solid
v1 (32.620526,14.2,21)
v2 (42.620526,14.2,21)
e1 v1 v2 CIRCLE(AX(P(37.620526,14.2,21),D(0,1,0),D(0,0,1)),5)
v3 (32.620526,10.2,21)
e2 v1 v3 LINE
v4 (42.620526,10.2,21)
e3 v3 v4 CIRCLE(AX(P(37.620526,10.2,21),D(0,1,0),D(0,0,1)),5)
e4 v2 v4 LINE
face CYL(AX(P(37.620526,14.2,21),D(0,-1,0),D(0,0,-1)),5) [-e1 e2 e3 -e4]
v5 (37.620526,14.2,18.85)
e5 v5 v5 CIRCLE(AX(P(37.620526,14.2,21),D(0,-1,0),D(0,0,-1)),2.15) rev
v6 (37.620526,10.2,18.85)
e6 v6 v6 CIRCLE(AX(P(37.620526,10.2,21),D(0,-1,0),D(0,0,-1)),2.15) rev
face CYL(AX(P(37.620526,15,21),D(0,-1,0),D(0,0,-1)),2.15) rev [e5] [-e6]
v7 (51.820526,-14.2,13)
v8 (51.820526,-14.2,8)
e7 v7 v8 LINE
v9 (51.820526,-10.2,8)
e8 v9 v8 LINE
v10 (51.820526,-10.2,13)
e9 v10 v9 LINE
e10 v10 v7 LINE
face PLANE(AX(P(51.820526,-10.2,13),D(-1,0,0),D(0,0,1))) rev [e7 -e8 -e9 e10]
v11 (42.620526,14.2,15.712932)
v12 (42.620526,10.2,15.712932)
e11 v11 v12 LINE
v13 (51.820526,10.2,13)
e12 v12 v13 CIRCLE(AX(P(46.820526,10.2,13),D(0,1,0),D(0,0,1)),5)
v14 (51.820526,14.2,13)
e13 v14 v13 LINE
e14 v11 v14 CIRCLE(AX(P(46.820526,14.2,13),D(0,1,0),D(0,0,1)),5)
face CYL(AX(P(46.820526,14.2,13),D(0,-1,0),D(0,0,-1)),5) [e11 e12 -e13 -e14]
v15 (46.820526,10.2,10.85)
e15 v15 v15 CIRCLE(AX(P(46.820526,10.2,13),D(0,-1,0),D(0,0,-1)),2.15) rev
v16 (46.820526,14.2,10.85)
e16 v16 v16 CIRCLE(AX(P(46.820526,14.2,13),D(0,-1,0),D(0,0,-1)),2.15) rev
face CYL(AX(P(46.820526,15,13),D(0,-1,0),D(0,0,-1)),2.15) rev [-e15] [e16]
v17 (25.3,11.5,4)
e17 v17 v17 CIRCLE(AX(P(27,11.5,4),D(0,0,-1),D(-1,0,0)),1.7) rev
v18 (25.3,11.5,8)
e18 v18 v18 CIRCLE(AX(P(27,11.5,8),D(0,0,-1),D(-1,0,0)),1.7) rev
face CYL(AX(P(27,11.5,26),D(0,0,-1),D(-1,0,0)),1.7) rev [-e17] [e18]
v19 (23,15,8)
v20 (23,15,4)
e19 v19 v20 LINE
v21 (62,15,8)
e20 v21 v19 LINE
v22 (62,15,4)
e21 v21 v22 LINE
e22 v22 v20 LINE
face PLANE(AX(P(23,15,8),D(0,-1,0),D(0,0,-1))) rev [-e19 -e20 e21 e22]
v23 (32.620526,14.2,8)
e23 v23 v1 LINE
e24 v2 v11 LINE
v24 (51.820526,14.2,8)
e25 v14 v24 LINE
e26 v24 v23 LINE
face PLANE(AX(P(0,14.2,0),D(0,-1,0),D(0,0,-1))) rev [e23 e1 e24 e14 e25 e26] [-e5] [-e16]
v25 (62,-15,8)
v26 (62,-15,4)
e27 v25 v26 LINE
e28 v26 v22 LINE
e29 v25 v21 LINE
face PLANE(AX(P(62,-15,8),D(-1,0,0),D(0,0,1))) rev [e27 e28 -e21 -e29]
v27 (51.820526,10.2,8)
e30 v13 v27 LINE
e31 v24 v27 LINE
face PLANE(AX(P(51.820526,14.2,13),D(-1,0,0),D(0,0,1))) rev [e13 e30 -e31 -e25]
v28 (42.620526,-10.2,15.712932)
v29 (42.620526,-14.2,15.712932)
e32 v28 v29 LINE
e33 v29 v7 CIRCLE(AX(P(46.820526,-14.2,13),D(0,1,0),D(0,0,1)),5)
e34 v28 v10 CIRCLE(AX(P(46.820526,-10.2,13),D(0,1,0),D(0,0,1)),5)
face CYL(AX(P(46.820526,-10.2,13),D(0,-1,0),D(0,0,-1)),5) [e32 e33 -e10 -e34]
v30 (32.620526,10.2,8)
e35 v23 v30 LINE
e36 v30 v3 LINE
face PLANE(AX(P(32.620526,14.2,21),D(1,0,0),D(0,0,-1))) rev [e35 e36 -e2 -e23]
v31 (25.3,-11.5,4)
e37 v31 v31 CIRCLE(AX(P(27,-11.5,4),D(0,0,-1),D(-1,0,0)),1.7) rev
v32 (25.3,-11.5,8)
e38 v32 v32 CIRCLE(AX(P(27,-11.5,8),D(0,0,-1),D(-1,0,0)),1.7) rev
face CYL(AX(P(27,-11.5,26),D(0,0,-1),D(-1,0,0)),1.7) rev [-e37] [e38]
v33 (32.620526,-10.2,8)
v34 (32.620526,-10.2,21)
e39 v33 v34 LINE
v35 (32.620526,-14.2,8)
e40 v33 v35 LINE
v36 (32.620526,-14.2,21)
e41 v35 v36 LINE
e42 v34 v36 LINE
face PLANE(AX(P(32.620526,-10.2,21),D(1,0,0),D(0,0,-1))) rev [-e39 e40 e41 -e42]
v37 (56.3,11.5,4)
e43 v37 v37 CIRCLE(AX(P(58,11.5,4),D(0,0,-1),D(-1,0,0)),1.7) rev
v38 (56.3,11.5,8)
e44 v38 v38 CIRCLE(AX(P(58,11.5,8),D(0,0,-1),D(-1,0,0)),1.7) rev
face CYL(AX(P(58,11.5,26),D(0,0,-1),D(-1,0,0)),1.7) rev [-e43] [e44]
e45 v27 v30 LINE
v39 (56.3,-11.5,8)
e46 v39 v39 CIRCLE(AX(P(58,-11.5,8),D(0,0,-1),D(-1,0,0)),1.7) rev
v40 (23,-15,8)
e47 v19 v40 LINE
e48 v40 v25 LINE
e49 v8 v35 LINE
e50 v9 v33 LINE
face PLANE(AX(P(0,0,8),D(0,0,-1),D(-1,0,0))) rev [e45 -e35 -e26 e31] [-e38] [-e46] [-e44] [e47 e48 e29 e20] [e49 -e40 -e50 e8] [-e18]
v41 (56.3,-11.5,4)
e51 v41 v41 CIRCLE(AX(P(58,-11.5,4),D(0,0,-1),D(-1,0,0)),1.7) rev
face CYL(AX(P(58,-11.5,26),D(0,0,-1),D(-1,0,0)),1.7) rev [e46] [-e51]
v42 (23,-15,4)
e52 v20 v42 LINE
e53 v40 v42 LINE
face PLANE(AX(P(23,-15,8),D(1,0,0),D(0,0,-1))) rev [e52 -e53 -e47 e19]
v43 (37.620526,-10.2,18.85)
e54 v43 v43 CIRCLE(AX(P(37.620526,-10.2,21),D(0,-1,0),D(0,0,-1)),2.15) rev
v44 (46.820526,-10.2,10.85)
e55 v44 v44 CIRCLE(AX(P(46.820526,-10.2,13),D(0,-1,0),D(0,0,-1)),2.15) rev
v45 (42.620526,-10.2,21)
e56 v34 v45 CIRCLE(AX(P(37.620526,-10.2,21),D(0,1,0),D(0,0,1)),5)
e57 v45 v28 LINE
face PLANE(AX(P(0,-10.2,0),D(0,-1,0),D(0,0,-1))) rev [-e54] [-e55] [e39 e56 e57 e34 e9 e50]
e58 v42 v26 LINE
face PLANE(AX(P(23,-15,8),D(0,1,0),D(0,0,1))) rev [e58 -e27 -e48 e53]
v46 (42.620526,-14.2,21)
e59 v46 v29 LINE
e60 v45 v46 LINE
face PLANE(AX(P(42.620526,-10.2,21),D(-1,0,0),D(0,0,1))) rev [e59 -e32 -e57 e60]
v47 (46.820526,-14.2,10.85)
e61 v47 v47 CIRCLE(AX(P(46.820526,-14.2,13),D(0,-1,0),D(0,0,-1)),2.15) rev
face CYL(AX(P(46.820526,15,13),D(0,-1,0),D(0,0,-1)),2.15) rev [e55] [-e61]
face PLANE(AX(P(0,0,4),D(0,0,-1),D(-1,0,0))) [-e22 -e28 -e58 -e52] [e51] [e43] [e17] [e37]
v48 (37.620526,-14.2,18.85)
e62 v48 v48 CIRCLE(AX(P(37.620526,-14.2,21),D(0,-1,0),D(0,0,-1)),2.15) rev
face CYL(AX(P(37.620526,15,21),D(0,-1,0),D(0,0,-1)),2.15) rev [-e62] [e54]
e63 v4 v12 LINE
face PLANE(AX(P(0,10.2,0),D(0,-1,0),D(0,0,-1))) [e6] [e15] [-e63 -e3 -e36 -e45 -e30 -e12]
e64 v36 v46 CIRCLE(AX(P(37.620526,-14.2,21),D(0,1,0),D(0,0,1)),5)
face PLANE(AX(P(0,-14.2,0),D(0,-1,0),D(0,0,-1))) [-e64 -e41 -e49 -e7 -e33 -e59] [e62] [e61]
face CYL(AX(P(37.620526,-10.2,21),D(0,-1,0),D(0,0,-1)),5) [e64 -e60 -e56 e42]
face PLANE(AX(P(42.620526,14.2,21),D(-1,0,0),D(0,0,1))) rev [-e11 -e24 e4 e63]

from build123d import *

# Parameters (mm, degrees)
REMOVABLE_ADAPTER_BASE_START           = 4
REMOVABLE_ADAPTER_BASE_PROFILE_W       = 39
REMOVABLE_ADAPTER_BASE_PROFILE_H       = 30
REMOVABLE_ADAPTER_BASE_DEPTH           = 4
LEFT_PIN0_SUPPORT_START                = 10.2
LEFT_PIN0_SUPPORT_PROFILE_W            = 10
LEFT_PIN0_SUPPORT_PROFILE_H            = 13
LEFT_PIN0_SUPPORT_DEPTH                = 4
LEFT_PIN0_ROUNDED_LUG_START            = 10.2
LEFT_PIN0_ROUNDED_LUG_PROFILE_R        = 5
LEFT_PIN0_ROUNDED_LUG_DEPTH            = 4
LEFT_PIN1_SUPPORT_START                = 10.2
LEFT_PIN1_SUPPORT_PROFILE_W            = 10
LEFT_PIN1_SUPPORT_PROFILE_H            = 5
LEFT_PIN1_SUPPORT_DEPTH                = 4
LEFT_PIN1_ROUNDED_LUG_START            = 10.2
LEFT_PIN1_ROUNDED_LUG_PROFILE_R        = 5
LEFT_PIN1_ROUNDED_LUG_DEPTH            = 4
RIGHT_PIN0_SUPPORT_START               = -14.2
RIGHT_PIN0_SUPPORT_PROFILE_W           = 10
RIGHT_PIN0_SUPPORT_PROFILE_H           = 13
RIGHT_PIN0_SUPPORT_DEPTH               = 4
RIGHT_PIN0_ROUNDED_LUG_START           = -14.2
RIGHT_PIN0_ROUNDED_LUG_PROFILE_R       = 5
RIGHT_PIN0_ROUNDED_LUG_DEPTH           = 4
RIGHT_PIN1_SUPPORT_START               = -14.2
RIGHT_PIN1_SUPPORT_PROFILE_W           = 10
RIGHT_PIN1_SUPPORT_PROFILE_H           = 5
RIGHT_PIN1_SUPPORT_DEPTH               = 4
RIGHT_PIN1_ROUNDED_LUG_START           = -14.2
RIGHT_PIN1_ROUNDED_LUG_PROFILE_R       = 5
RIGHT_PIN1_ROUNDED_LUG_DEPTH           = 4
BOTH_M4_GRIPPER_PIN_AXES_START         = -20
BOTH_M4_GRIPPER_PIN_AXES_PROFILE_R     = 2.15
BOTH_M4_GRIPPER_PIN_AXES_DEPTH         = 89.883960397
FOUR_M3_REMOVABLE_DECK_BOLTS_START     = -50
FOUR_M3_REMOVABLE_DECK_BOLTS_PROFILE_R = 1.7
FOUR_M3_REMOVABLE_DECK_BOLTS_DEPTH     = 119.883960397


with BuildPart() as part:
    # Removable_adapter_base_profile → Removable_adapter_base (new body)
    with BuildSketch(Plane.XY.offset(REMOVABLE_ADAPTER_BASE_START)):
        with Locations((42.5, 0)):
            Rectangle(REMOVABLE_ADAPTER_BASE_PROFILE_W, REMOVABLE_ADAPTER_BASE_PROFILE_H)
    extrude(amount=REMOVABLE_ADAPTER_BASE_DEPTH)

    # Left_pin0_support_profile → Left_pin0_support (add)
    with BuildSketch(Plane(origin=(0, 0, 0), x_dir=(1, 0, 0), z_dir=(0, 1, 0)).offset(LEFT_PIN0_SUPPORT_START)):
        with Locations((37.620525892, -14.5)):
            Rectangle(LEFT_PIN0_SUPPORT_PROFILE_W, LEFT_PIN0_SUPPORT_PROFILE_H)
    extrude(amount=LEFT_PIN0_SUPPORT_DEPTH)

    # Left_pin0_rounded_lug_profile → Left_pin0_rounded_lug (add)
    with BuildSketch(Plane(origin=(0, 0, 0), x_dir=(1, 0, 0), z_dir=(0, 1, 0)).offset(LEFT_PIN0_ROUNDED_LUG_START)):
        with Locations((37.620525892, -21)):
            Circle(LEFT_PIN0_ROUNDED_LUG_PROFILE_R)
    extrude(amount=LEFT_PIN0_ROUNDED_LUG_DEPTH)

    # Left_pin1_support_profile → Left_pin1_support (add)
    with BuildSketch(Plane(origin=(0, 0, 0), x_dir=(1, 0, 0), z_dir=(0, 1, 0)).offset(LEFT_PIN1_SUPPORT_START)):
        with Locations((46.820525892, -10.5)):
            Rectangle(LEFT_PIN1_SUPPORT_PROFILE_W, LEFT_PIN1_SUPPORT_PROFILE_H)
    extrude(amount=LEFT_PIN1_SUPPORT_DEPTH)

    # Left_pin1_rounded_lug_profile → Left_pin1_rounded_lug (add)
    with BuildSketch(Plane(origin=(0, 0, 0), x_dir=(1, 0, 0), z_dir=(0, 1, 0)).offset(LEFT_PIN1_ROUNDED_LUG_START)):
        with Locations((46.820525892, -13)):
            Circle(LEFT_PIN1_ROUNDED_LUG_PROFILE_R)
    extrude(amount=LEFT_PIN1_ROUNDED_LUG_DEPTH)

    # Right_pin0_support_profile → Right_pin0_support (add)
    with BuildSketch(Plane(origin=(0, 0, 0), x_dir=(1, 0, 0), z_dir=(0, 1, 0)).offset(RIGHT_PIN0_SUPPORT_START)):
        with Locations((37.620525892, -14.5)):
            Rectangle(RIGHT_PIN0_SUPPORT_PROFILE_W, RIGHT_PIN0_SUPPORT_PROFILE_H)
    extrude(amount=RIGHT_PIN0_SUPPORT_DEPTH)

    # Right_pin0_rounded_lug_profile → Right_pin0_rounded_lug (add)
    with BuildSketch(Plane(origin=(0, 0, 0), x_dir=(1, 0, 0), z_dir=(0, 1, 0)).offset(RIGHT_PIN0_ROUNDED_LUG_START)):
        with Locations((37.620525892, -21)):
            Circle(RIGHT_PIN0_ROUNDED_LUG_PROFILE_R)
    extrude(amount=RIGHT_PIN0_ROUNDED_LUG_DEPTH)

    # Right_pin1_support_profile → Right_pin1_support (add)
    with BuildSketch(Plane(origin=(0, 0, 0), x_dir=(1, 0, 0), z_dir=(0, 1, 0)).offset(RIGHT_PIN1_SUPPORT_START)):
        with Locations((46.820525892, -10.5)):
            Rectangle(RIGHT_PIN1_SUPPORT_PROFILE_W, RIGHT_PIN1_SUPPORT_PROFILE_H)
    extrude(amount=RIGHT_PIN1_SUPPORT_DEPTH)

    # Right_pin1_rounded_lug_profile → Right_pin1_rounded_lug (add)
    with BuildSketch(Plane(origin=(0, 0, 0), x_dir=(1, 0, 0), z_dir=(0, 1, 0)).offset(RIGHT_PIN1_ROUNDED_LUG_START)):
        with Locations((46.820525892, -13)):
            Circle(RIGHT_PIN1_ROUNDED_LUG_PROFILE_R)
    extrude(amount=RIGHT_PIN1_ROUNDED_LUG_DEPTH)

    # Both_M4_gripper_pin_axes_profile → Both_M4_gripper_pin_axes (cut, through all)
    with BuildSketch(Plane(origin=(0, 0, 0), x_dir=(1, 0, 0), z_dir=(0, 1, 0)).offset(BOTH_M4_GRIPPER_PIN_AXES_START)):
        with Locations(Location((37.620525892, -21, 0), (0, 0, 90))):
            Circle(BOTH_M4_GRIPPER_PIN_AXES_PROFILE_R)
        with Locations(Location((46.820525892, -13, 0), (0, 0, 90))):
            Circle(BOTH_M4_GRIPPER_PIN_AXES_PROFILE_R)
    extrude(amount=BOTH_M4_GRIPPER_PIN_AXES_DEPTH, mode=Mode.SUBTRACT)

    # Four_M3_removable_deck_bolts_profile → Four_M3_removable_deck_bolts (cut, through all)
    with BuildSketch(Plane.XY.offset(FOUR_M3_REMOVABLE_DECK_BOLTS_START)):
        with Locations(Location((27, -11.5, 0), (0, 0, 180))):
            Circle(FOUR_M3_REMOVABLE_DECK_BOLTS_PROFILE_R)
        with Locations(Location((27, 11.5, 0), (0, 0, 180))):
            Circle(FOUR_M3_REMOVABLE_DECK_BOLTS_PROFILE_R)
        with Locations(Location((58, -11.5, 0), (0, 0, 180))):
            Circle(FOUR_M3_REMOVABLE_DECK_BOLTS_PROFILE_R)
        with Locations(Location((58, 11.5, 0), (0, 0, 180))):
            Circle(FOUR_M3_REMOVABLE_DECK_BOLTS_PROFILE_R)
    extrude(amount=FOUR_M3_REMOVABLE_DECK_BOLTS_DEPTH, mode=Mode.SUBTRACT)


solid = part.part
